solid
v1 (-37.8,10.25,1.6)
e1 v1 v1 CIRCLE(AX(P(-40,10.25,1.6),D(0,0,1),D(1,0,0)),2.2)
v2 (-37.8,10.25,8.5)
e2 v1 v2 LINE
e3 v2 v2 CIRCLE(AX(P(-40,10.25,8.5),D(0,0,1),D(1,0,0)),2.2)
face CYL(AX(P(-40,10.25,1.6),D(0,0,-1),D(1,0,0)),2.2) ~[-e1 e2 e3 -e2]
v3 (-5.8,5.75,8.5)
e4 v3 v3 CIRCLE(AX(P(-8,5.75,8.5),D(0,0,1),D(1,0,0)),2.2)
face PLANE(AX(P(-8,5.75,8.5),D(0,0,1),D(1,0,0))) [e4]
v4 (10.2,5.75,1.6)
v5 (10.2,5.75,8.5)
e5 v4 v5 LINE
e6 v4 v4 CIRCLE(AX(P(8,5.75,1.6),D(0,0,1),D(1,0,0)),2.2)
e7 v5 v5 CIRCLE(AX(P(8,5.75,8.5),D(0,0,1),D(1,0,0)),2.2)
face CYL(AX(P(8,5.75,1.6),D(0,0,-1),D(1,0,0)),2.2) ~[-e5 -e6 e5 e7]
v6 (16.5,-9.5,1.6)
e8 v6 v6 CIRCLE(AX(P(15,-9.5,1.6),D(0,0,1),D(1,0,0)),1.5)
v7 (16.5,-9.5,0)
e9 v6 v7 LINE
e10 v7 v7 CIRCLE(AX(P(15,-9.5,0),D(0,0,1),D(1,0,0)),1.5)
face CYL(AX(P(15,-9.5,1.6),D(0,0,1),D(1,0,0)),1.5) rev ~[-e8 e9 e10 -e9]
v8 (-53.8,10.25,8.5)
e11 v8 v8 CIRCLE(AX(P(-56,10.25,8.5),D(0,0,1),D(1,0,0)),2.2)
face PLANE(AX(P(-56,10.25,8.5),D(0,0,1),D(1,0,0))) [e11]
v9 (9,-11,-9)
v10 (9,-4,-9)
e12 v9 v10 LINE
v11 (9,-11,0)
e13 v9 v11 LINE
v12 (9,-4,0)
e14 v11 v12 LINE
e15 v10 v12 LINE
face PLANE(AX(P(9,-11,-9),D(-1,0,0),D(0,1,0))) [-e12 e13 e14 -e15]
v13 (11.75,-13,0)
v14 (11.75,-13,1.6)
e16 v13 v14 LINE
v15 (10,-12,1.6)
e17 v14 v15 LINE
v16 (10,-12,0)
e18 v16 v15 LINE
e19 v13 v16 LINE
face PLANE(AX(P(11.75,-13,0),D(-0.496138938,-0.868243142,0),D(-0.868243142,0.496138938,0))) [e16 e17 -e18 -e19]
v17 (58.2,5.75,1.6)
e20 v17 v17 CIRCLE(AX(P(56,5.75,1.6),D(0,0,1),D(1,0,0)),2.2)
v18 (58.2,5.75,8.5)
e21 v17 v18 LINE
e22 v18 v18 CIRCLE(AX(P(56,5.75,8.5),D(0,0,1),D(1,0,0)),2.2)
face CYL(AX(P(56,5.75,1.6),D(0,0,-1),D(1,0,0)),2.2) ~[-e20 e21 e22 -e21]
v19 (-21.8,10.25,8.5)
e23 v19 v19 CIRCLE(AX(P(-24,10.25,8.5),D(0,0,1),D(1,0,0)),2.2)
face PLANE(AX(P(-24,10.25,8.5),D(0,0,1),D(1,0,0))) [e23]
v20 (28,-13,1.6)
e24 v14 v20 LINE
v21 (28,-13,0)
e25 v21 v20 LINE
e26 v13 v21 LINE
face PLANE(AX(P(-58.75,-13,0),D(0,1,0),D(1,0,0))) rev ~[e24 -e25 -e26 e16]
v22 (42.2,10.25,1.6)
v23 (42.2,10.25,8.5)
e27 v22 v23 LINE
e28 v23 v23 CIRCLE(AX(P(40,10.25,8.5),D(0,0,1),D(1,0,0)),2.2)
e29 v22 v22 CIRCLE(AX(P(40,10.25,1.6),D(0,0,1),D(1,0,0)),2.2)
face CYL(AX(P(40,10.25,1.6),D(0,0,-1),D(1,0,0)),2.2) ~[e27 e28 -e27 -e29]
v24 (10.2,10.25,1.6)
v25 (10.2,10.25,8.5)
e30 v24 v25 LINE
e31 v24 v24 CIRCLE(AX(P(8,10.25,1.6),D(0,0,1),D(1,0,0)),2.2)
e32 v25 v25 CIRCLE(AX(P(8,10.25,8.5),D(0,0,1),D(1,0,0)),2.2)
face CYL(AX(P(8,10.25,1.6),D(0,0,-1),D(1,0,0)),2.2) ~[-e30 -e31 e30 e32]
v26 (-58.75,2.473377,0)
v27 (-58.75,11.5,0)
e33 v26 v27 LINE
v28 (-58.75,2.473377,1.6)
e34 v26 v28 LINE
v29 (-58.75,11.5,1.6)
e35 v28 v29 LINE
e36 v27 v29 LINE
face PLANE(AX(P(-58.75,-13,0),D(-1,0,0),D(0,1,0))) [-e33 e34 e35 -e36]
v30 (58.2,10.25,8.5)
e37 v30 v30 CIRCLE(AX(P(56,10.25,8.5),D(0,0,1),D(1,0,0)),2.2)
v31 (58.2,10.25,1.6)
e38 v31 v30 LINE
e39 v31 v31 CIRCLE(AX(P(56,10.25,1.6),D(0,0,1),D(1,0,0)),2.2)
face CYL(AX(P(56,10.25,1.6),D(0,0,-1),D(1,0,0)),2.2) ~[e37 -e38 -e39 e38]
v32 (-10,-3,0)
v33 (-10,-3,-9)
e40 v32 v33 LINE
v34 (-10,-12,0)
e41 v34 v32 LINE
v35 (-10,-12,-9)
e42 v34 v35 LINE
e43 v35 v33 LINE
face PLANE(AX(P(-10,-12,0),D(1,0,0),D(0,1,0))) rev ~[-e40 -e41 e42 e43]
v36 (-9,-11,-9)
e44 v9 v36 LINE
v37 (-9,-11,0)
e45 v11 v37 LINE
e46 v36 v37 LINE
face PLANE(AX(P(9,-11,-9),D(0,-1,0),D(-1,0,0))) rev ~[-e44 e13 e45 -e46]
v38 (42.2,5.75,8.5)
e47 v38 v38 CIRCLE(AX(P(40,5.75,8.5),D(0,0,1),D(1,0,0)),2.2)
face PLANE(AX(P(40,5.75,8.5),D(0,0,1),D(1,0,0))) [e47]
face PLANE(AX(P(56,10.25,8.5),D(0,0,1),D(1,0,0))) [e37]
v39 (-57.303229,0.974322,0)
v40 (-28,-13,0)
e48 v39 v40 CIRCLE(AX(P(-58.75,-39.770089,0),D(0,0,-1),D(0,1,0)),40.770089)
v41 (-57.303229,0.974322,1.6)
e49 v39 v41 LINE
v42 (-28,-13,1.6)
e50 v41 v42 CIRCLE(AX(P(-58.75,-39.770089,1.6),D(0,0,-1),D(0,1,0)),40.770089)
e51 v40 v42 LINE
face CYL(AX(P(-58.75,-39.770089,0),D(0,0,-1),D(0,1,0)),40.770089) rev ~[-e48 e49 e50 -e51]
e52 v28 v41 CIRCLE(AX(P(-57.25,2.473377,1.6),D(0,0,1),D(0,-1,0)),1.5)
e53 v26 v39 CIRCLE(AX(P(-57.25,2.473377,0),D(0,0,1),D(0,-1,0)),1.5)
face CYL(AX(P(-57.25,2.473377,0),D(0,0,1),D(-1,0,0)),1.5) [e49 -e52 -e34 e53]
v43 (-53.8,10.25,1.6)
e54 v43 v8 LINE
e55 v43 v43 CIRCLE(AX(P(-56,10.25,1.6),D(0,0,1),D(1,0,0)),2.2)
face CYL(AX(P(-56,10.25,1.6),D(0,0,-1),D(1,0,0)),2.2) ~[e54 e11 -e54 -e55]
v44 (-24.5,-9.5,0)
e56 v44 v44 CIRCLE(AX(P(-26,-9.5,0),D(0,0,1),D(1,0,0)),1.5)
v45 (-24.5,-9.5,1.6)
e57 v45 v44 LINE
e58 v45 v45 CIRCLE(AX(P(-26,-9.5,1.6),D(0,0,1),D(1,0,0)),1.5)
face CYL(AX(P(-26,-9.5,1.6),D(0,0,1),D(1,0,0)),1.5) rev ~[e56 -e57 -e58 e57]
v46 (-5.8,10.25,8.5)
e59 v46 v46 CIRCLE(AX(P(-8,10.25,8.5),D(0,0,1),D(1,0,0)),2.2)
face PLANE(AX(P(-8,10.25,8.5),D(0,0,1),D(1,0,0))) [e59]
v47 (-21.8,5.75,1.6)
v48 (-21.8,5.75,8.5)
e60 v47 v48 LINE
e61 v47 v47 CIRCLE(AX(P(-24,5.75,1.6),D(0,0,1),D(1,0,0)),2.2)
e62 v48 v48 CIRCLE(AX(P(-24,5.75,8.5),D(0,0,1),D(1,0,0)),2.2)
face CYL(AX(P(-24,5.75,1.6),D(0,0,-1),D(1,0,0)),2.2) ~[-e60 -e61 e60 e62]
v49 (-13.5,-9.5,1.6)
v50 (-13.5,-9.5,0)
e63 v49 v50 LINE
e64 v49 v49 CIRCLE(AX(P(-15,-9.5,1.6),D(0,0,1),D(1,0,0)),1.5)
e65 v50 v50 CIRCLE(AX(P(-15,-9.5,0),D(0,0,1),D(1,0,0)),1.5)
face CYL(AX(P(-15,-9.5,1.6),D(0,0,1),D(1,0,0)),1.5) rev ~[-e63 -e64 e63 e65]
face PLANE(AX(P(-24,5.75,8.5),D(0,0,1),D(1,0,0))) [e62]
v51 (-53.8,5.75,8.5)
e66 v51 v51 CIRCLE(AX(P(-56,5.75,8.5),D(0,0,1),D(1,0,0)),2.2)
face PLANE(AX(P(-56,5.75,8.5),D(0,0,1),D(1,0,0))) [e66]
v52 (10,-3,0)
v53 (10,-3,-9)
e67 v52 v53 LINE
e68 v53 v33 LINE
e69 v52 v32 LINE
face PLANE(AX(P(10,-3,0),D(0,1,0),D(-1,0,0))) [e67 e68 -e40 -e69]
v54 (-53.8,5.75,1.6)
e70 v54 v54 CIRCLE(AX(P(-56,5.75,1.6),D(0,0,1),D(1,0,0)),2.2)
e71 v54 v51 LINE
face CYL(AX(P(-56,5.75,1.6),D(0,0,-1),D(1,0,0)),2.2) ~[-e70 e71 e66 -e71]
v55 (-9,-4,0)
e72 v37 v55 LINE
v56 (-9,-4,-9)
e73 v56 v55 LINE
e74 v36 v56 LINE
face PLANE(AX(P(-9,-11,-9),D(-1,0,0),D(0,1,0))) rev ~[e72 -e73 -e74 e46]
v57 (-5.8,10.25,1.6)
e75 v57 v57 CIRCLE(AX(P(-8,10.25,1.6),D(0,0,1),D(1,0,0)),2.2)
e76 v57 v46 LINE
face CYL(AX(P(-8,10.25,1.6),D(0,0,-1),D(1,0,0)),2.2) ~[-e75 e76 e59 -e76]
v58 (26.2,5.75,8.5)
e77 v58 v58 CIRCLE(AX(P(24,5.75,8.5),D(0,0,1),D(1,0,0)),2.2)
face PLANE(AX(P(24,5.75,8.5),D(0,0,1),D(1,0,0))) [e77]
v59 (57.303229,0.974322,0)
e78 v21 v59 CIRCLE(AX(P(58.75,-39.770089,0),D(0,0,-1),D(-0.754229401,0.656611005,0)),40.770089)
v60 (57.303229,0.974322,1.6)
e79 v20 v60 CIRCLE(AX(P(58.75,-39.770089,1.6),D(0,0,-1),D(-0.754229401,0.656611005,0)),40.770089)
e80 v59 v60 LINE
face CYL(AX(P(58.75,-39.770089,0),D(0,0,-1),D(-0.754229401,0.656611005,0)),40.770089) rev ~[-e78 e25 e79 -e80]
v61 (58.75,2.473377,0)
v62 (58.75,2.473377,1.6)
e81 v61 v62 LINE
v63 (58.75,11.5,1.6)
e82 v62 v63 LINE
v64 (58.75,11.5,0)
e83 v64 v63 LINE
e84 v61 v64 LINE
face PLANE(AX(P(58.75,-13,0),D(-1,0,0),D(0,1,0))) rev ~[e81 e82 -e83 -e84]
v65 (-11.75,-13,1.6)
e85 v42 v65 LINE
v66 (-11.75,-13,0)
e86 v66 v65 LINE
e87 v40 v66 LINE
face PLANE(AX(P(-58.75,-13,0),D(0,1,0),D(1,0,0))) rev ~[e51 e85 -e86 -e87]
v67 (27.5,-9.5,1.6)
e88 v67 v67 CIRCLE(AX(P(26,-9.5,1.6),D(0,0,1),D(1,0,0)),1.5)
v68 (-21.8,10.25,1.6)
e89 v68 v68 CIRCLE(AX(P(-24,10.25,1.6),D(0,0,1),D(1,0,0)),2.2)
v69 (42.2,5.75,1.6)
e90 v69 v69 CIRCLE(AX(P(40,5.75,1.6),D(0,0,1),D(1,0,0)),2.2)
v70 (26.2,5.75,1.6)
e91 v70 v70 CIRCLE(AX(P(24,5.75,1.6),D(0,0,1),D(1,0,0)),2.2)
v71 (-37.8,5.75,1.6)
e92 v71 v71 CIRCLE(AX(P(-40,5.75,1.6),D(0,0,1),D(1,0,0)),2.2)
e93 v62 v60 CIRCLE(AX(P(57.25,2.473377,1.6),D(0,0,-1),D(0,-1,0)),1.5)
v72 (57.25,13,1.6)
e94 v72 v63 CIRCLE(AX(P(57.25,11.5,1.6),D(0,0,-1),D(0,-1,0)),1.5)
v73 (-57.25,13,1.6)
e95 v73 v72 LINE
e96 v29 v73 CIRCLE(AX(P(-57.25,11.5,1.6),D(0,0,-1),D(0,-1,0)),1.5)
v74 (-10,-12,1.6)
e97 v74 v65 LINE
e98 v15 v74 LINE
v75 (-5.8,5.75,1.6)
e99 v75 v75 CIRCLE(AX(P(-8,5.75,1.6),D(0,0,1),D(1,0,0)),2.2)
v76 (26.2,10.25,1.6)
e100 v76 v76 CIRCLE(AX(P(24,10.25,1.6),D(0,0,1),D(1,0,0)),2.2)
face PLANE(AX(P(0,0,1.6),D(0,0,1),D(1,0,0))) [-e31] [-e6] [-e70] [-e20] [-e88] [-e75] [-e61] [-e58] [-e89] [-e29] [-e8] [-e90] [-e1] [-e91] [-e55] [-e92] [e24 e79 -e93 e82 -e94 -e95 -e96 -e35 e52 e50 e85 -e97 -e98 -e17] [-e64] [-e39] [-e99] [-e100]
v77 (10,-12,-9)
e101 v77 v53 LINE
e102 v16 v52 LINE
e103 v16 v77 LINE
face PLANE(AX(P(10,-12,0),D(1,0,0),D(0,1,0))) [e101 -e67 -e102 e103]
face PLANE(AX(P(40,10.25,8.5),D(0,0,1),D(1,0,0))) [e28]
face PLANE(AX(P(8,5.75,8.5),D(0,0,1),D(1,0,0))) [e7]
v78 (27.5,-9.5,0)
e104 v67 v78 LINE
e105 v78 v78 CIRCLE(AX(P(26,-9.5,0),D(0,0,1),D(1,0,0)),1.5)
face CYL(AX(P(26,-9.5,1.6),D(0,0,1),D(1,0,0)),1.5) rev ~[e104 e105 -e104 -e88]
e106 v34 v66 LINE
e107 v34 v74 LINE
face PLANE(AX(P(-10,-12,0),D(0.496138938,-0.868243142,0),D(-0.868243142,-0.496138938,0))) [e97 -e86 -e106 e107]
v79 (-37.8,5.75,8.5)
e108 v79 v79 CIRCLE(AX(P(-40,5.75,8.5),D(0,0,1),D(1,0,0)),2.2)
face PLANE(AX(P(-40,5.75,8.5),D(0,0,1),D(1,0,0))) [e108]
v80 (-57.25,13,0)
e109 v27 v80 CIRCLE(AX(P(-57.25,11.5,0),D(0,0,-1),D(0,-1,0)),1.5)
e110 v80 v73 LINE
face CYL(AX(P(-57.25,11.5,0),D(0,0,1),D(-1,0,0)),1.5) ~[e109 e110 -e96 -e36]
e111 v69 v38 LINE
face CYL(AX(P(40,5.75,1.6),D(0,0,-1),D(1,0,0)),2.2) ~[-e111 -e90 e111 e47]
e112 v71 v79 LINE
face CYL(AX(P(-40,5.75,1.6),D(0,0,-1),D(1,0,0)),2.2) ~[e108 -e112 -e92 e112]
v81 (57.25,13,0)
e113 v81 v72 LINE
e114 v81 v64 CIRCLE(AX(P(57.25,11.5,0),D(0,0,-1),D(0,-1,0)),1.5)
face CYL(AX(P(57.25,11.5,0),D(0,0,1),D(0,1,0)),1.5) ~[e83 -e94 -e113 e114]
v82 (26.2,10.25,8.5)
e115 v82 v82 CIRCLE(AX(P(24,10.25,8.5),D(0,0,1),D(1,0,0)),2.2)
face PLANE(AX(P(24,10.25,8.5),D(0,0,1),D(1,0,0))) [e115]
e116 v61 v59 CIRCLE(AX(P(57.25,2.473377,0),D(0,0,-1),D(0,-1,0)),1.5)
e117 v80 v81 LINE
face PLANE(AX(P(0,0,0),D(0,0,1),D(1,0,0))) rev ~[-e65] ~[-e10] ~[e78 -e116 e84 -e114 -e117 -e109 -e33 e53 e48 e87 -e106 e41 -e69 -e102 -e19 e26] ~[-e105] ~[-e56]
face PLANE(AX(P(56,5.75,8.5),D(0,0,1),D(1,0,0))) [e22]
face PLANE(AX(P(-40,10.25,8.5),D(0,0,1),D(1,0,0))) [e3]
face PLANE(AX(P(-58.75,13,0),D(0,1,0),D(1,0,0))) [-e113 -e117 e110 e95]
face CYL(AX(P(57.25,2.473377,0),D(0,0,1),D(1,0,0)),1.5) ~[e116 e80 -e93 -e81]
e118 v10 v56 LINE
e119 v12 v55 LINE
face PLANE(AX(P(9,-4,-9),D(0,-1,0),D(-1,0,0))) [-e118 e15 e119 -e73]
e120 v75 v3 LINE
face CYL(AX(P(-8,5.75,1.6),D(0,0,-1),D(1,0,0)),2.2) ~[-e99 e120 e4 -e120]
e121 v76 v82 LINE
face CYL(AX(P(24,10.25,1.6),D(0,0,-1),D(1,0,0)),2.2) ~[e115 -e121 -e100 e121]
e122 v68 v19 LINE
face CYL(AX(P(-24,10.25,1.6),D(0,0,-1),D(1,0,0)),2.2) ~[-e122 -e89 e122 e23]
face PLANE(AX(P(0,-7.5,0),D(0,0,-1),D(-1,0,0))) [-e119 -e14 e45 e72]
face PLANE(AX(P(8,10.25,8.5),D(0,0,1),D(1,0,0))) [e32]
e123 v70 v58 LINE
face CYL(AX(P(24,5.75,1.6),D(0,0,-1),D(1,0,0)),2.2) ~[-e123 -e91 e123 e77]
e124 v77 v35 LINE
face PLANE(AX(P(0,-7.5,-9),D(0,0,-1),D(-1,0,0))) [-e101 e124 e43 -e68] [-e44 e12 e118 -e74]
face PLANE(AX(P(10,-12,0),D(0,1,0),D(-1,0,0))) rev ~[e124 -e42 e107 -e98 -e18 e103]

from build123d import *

# Parameters (mm, degrees)
SKETCH_1_W          = 117.5
SKETCH_1_H          = 26
EXTRUDE_1_DEPTH     = 1.6
SKETCH_2_R          = 2.2
EXTRUDE_4_DEPTH     = 6.9
SKETCH_3_R          = 1.5
CUT_EXTRUDE_2_DEPTH = 1.6
CUT_EXTRUDE_3_DEPTH = 1.6
SKETCH_5_W          = 20
SKETCH_5_H          = 9
EXTRUDE_5_DEPTH     = 9
SKETCH_6_W          = 18
SKETCH_6_H          = 7
CUT_EXTRUDE_4_DEPTH = 9
FILLET_1_R          = 1.5
CUT_EXTRUDE_5_DEPTH = 1.6
FILLET_2_R          = 1.5


with BuildPart() as part:
    # 草图1 → 凸台-拉伸1 (new body)
    with BuildSketch(Plane.XY):
        Rectangle(SKETCH_1_W, SKETCH_1_H)
    extrude(amount=EXTRUDE_1_DEPTH)

    # 草图2 → 凸台-拉伸4 (add)
    with BuildSketch(Plane.XY.offset(1.6)):
        with Locations((8, 10.25)):
            Circle(SKETCH_2_R)
        with Locations((8, 5.75)):
            Circle(SKETCH_2_R)
        with Locations((24, 10.25)):
            Circle(SKETCH_2_R)
        with Locations((24, 5.75)):
            Circle(SKETCH_2_R)
        with Locations((40, 10.25)):
            Circle(SKETCH_2_R)
        with Locations((40, 5.75)):
            Circle(SKETCH_2_R)
        with Locations((56, 10.25)):
            Circle(SKETCH_2_R)
        with Locations((56, 5.75)):
            Circle(SKETCH_2_R)
        with Locations((-8, 5.75)):
            Circle(SKETCH_2_R)
        with Locations((-8, 10.25)):
            Circle(SKETCH_2_R)
        with Locations((-24, 5.75)):
            Circle(SKETCH_2_R)
        with Locations((-24, 10.25)):
            Circle(SKETCH_2_R)
        with Locations((-40, 5.75)):
            Circle(SKETCH_2_R)
        with Locations((-40, 10.25)):
            Circle(SKETCH_2_R)
        with Locations((-56, 5.75)):
            Circle(SKETCH_2_R)
        with Locations((-56, 10.25)):
            Circle(SKETCH_2_R)
    extrude(amount=EXTRUDE_4_DEPTH)

    # 草图3 → 切除-拉伸2 (cut)
    with BuildSketch(Plane.XY.offset(1.6)):
        with Locations((-15, -9.5)):
            Circle(SKETCH_3_R)
        with Locations((15, -9.5)):
            Circle(SKETCH_3_R)
        with Locations((26, -9.5)):
            Circle(SKETCH_3_R)
        with Locations((-26, -9.5)):
            Circle(SKETCH_3_R)
    extrude(amount=-CUT_EXTRUDE_2_DEPTH, mode=Mode.SUBTRACT)

    # 草图4 → 切除-拉伸3 (cut)
    with BuildSketch(Plane(origin=(0, 0, 0), x_dir=(-1, 0, 0), z_dir=(0, 0, -1))):
        Polygon((-10, -12), (10, -12), (11.75, -13), (0, -13), (-11.75, -13), align=None)
    extrude(amount=-CUT_EXTRUDE_3_DEPTH, mode=Mode.SUBTRACT)

    # 草图5 → 凸台-拉伸5 (add)
    with BuildSketch(Plane(origin=(0, 0, 0), x_dir=(-1, 0, 0), z_dir=(0, 0, -1))):
        with Locations((0, -7.5)):
            Rectangle(SKETCH_5_W, SKETCH_5_H)
    extrude(amount=EXTRUDE_5_DEPTH)

    # 草图6 → 切除-拉伸4 (cut)
    with BuildSketch(Plane(origin=(0, 0, -9), x_dir=(-1, 0, 0), z_dir=(0, 0, -1))):
        with Locations((0, -7.5)):
            Rectangle(SKETCH_6_W, SKETCH_6_H)
    extrude(amount=-CUT_EXTRUDE_4_DEPTH, mode=Mode.SUBTRACT)

    # 圆角1
    fillet_1_edges = [part.edges().sort_by_distance(p)[0] for p in [
        (-58.75, 13, 0.8),
        (58.75, 13, 0.8),
    ]]
    fillet(fillet_1_edges, radius=FILLET_1_R)

    # 草图7 → 切除-拉伸5 (cut)
    with BuildSketch(Plane(origin=(0, 0, 0), x_dir=(-1, 0, 0), z_dir=(0, 0, -1))):
        with BuildLine():
            Line((28, -13), (58.75, -13))
            Line((58.75, -13), (58.75, 1))
            ThreePointArc((58.75, 1), (41.856491631, -2.664704833), (28, -13))
        make_face()
        with BuildLine():
            Line((-58.75, 1), (-58.75, -13))
            Line((-58.75, -13), (-28, -13))
            ThreePointArc((-28, -13), (-41.856491631, -2.664704833), (-58.75, 1))
        make_face()
    extrude(amount=-CUT_EXTRUDE_5_DEPTH, mode=Mode.SUBTRACT)

    # 圆角2
    fillet_2_edges = [part.edges().sort_by_distance(p)[0] for p in [
        (-58.75, 1, 0.8),
        (58.75, 1, 0.8),
    ]]
    fillet(fillet_2_edges, radius=FILLET_2_R)


solid = part.part
